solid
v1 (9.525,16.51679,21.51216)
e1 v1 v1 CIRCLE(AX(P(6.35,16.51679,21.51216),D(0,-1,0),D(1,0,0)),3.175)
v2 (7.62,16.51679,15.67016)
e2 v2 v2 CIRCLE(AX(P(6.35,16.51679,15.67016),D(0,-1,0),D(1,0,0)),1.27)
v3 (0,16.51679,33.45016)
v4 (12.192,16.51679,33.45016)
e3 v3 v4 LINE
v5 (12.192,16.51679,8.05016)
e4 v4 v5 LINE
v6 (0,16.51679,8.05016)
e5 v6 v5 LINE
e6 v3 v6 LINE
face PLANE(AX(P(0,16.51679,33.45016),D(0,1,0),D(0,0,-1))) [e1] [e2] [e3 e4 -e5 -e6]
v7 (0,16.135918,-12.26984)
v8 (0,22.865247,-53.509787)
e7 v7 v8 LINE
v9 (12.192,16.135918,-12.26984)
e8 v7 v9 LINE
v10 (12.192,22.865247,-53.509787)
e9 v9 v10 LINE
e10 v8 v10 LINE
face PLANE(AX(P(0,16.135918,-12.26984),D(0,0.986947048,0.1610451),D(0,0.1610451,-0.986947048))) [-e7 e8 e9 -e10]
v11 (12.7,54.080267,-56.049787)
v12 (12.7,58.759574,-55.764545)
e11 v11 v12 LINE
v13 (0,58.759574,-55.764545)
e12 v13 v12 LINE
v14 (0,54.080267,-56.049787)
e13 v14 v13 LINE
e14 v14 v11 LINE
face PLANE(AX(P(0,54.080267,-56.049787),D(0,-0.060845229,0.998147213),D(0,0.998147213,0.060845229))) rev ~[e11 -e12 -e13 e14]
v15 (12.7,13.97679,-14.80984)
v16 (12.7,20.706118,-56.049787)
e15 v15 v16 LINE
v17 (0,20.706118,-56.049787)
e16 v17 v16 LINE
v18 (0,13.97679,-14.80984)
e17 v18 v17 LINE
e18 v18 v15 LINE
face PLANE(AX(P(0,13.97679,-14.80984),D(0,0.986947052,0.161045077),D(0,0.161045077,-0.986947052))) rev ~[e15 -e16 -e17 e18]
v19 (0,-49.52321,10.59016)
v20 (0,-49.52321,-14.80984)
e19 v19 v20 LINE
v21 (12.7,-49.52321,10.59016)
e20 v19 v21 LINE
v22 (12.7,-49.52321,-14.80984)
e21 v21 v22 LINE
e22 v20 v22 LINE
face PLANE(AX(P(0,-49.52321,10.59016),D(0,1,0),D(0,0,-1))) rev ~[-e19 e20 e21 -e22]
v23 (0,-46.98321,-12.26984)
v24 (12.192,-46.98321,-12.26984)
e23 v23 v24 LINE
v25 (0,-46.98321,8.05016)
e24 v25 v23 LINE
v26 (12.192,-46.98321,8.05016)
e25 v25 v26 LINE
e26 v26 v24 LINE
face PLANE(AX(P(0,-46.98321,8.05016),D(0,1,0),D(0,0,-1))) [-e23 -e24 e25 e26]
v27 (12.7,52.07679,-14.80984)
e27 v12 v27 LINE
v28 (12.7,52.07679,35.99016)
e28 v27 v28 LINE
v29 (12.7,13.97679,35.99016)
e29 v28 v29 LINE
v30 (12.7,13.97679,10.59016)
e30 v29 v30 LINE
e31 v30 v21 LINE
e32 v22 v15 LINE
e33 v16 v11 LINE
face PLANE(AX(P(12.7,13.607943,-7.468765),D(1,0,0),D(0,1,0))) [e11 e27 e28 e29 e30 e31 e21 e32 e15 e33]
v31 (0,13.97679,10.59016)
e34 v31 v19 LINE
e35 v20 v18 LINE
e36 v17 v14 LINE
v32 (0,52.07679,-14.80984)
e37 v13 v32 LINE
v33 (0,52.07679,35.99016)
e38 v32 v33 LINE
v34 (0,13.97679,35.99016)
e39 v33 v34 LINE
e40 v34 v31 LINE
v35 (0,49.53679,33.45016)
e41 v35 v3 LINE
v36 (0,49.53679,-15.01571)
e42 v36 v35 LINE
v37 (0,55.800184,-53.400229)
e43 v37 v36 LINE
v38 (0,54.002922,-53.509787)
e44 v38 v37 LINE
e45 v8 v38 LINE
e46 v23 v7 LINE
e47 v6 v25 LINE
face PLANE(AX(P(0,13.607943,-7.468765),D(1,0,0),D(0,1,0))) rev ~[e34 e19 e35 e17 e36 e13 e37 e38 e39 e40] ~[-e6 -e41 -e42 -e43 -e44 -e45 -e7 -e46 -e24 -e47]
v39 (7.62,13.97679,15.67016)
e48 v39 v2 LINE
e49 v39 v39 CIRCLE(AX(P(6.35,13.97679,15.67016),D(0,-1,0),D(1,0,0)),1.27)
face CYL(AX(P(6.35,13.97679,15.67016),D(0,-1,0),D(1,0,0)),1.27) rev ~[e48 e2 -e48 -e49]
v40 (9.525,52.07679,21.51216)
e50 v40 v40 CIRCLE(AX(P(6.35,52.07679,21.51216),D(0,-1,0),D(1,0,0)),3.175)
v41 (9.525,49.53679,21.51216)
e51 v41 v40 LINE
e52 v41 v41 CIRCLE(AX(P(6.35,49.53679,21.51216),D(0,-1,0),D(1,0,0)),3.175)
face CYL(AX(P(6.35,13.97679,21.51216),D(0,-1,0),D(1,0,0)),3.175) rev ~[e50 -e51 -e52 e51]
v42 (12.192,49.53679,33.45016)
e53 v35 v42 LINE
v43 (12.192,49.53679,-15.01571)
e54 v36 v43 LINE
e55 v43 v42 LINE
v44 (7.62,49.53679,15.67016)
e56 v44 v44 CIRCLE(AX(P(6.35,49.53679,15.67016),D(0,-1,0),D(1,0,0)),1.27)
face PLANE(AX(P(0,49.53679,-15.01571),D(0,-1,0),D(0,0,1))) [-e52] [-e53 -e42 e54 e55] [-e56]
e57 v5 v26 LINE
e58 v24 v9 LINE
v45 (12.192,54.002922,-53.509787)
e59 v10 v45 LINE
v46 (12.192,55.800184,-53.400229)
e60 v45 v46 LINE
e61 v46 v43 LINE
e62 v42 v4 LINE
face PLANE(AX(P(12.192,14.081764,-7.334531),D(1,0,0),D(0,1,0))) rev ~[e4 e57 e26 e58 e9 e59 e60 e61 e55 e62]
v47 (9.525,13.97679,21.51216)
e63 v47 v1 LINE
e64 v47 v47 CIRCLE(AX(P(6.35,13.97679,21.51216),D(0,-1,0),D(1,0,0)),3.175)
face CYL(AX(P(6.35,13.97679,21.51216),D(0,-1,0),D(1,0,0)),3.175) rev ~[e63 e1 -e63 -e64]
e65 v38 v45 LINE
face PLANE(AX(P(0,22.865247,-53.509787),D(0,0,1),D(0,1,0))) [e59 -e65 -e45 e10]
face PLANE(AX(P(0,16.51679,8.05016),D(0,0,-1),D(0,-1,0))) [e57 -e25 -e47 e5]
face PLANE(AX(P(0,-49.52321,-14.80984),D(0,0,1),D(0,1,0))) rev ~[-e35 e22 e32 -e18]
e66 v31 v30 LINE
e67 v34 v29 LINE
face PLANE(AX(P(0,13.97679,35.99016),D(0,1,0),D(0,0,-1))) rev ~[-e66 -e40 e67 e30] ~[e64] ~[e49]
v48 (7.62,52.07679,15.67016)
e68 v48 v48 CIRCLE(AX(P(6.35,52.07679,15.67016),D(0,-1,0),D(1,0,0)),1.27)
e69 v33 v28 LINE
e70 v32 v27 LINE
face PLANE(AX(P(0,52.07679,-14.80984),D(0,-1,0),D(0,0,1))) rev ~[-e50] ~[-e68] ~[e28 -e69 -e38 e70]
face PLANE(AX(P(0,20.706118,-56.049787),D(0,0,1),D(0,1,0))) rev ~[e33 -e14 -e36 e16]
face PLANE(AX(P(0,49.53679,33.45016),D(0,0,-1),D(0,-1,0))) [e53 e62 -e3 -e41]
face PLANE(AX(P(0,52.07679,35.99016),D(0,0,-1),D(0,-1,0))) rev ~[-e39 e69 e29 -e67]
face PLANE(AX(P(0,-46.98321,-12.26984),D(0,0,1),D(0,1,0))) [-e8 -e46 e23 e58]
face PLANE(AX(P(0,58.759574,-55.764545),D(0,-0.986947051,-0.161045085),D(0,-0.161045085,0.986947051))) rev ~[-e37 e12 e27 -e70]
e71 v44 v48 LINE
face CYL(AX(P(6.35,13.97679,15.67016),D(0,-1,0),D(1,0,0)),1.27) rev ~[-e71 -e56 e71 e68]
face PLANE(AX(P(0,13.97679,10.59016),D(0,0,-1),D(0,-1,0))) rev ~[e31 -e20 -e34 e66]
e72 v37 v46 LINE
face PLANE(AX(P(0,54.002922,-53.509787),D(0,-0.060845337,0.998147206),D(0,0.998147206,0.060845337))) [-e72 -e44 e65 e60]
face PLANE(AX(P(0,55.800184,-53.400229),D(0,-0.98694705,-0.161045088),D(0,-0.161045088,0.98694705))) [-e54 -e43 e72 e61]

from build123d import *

# Parameters (mm, degrees)
F2_DEPTH = 12.7
F3_DEPTH = 12.192
F4_R     = 1.27
F5_DEPTH = 38.23583
F6_R     = 3.175
F7_DEPTH = 38.23239


with BuildPart() as f2:
    # F0 (on Right) → F2 (new body)
    with BuildSketch(Plane.YZ):
        Polygon((13.97679, 10.59016), (-49.52321, 10.59016), (-49.52321, -14.80984), (13.97679, -14.80984), (20.706118, -56.049787), (54.080267, -56.049787), (58.759574, -55.764545), (52.07679, -14.80984), (52.07679, 10.59016), (52.07679, 35.99016), (13.97679, 35.99016), align=None)
    extrude(amount=F2_DEPTH)

    # F1 (on Right) → F3 (cut)
    with BuildSketch(Plane.YZ):
        Polygon((16.135918, -12.26984), (22.865247, -53.509787), (54.002922, -53.509787), (55.800184, -53.400229), (49.53679, -15.01571), (49.53679, 10.59016), (49.53679, 33.45016), (16.51679, 33.45016), (16.51679, 8.05016), (-46.98321, 8.05016), (-46.98321, -12.26984), align=None)
    extrude(amount=F3_DEPTH, mode=Mode.SUBTRACT)

    # F4 (on face) → F5 (cut)
    with BuildSketch(Plane.XZ.offset(-13.97679)):
        with Locations((6.35, 15.67016)):
            Circle(F4_R)
    extrude(amount=-F5_DEPTH, mode=Mode.SUBTRACT)

    # F6 (on face) → F7 (cut)
    with BuildSketch(Plane.XZ.offset(-13.97679)):
        with Locations((6.35, 21.51216)):
            Circle(F6_R)
    extrude(amount=-F7_DEPTH, mode=Mode.SUBTRACT)


solid = f2.part
